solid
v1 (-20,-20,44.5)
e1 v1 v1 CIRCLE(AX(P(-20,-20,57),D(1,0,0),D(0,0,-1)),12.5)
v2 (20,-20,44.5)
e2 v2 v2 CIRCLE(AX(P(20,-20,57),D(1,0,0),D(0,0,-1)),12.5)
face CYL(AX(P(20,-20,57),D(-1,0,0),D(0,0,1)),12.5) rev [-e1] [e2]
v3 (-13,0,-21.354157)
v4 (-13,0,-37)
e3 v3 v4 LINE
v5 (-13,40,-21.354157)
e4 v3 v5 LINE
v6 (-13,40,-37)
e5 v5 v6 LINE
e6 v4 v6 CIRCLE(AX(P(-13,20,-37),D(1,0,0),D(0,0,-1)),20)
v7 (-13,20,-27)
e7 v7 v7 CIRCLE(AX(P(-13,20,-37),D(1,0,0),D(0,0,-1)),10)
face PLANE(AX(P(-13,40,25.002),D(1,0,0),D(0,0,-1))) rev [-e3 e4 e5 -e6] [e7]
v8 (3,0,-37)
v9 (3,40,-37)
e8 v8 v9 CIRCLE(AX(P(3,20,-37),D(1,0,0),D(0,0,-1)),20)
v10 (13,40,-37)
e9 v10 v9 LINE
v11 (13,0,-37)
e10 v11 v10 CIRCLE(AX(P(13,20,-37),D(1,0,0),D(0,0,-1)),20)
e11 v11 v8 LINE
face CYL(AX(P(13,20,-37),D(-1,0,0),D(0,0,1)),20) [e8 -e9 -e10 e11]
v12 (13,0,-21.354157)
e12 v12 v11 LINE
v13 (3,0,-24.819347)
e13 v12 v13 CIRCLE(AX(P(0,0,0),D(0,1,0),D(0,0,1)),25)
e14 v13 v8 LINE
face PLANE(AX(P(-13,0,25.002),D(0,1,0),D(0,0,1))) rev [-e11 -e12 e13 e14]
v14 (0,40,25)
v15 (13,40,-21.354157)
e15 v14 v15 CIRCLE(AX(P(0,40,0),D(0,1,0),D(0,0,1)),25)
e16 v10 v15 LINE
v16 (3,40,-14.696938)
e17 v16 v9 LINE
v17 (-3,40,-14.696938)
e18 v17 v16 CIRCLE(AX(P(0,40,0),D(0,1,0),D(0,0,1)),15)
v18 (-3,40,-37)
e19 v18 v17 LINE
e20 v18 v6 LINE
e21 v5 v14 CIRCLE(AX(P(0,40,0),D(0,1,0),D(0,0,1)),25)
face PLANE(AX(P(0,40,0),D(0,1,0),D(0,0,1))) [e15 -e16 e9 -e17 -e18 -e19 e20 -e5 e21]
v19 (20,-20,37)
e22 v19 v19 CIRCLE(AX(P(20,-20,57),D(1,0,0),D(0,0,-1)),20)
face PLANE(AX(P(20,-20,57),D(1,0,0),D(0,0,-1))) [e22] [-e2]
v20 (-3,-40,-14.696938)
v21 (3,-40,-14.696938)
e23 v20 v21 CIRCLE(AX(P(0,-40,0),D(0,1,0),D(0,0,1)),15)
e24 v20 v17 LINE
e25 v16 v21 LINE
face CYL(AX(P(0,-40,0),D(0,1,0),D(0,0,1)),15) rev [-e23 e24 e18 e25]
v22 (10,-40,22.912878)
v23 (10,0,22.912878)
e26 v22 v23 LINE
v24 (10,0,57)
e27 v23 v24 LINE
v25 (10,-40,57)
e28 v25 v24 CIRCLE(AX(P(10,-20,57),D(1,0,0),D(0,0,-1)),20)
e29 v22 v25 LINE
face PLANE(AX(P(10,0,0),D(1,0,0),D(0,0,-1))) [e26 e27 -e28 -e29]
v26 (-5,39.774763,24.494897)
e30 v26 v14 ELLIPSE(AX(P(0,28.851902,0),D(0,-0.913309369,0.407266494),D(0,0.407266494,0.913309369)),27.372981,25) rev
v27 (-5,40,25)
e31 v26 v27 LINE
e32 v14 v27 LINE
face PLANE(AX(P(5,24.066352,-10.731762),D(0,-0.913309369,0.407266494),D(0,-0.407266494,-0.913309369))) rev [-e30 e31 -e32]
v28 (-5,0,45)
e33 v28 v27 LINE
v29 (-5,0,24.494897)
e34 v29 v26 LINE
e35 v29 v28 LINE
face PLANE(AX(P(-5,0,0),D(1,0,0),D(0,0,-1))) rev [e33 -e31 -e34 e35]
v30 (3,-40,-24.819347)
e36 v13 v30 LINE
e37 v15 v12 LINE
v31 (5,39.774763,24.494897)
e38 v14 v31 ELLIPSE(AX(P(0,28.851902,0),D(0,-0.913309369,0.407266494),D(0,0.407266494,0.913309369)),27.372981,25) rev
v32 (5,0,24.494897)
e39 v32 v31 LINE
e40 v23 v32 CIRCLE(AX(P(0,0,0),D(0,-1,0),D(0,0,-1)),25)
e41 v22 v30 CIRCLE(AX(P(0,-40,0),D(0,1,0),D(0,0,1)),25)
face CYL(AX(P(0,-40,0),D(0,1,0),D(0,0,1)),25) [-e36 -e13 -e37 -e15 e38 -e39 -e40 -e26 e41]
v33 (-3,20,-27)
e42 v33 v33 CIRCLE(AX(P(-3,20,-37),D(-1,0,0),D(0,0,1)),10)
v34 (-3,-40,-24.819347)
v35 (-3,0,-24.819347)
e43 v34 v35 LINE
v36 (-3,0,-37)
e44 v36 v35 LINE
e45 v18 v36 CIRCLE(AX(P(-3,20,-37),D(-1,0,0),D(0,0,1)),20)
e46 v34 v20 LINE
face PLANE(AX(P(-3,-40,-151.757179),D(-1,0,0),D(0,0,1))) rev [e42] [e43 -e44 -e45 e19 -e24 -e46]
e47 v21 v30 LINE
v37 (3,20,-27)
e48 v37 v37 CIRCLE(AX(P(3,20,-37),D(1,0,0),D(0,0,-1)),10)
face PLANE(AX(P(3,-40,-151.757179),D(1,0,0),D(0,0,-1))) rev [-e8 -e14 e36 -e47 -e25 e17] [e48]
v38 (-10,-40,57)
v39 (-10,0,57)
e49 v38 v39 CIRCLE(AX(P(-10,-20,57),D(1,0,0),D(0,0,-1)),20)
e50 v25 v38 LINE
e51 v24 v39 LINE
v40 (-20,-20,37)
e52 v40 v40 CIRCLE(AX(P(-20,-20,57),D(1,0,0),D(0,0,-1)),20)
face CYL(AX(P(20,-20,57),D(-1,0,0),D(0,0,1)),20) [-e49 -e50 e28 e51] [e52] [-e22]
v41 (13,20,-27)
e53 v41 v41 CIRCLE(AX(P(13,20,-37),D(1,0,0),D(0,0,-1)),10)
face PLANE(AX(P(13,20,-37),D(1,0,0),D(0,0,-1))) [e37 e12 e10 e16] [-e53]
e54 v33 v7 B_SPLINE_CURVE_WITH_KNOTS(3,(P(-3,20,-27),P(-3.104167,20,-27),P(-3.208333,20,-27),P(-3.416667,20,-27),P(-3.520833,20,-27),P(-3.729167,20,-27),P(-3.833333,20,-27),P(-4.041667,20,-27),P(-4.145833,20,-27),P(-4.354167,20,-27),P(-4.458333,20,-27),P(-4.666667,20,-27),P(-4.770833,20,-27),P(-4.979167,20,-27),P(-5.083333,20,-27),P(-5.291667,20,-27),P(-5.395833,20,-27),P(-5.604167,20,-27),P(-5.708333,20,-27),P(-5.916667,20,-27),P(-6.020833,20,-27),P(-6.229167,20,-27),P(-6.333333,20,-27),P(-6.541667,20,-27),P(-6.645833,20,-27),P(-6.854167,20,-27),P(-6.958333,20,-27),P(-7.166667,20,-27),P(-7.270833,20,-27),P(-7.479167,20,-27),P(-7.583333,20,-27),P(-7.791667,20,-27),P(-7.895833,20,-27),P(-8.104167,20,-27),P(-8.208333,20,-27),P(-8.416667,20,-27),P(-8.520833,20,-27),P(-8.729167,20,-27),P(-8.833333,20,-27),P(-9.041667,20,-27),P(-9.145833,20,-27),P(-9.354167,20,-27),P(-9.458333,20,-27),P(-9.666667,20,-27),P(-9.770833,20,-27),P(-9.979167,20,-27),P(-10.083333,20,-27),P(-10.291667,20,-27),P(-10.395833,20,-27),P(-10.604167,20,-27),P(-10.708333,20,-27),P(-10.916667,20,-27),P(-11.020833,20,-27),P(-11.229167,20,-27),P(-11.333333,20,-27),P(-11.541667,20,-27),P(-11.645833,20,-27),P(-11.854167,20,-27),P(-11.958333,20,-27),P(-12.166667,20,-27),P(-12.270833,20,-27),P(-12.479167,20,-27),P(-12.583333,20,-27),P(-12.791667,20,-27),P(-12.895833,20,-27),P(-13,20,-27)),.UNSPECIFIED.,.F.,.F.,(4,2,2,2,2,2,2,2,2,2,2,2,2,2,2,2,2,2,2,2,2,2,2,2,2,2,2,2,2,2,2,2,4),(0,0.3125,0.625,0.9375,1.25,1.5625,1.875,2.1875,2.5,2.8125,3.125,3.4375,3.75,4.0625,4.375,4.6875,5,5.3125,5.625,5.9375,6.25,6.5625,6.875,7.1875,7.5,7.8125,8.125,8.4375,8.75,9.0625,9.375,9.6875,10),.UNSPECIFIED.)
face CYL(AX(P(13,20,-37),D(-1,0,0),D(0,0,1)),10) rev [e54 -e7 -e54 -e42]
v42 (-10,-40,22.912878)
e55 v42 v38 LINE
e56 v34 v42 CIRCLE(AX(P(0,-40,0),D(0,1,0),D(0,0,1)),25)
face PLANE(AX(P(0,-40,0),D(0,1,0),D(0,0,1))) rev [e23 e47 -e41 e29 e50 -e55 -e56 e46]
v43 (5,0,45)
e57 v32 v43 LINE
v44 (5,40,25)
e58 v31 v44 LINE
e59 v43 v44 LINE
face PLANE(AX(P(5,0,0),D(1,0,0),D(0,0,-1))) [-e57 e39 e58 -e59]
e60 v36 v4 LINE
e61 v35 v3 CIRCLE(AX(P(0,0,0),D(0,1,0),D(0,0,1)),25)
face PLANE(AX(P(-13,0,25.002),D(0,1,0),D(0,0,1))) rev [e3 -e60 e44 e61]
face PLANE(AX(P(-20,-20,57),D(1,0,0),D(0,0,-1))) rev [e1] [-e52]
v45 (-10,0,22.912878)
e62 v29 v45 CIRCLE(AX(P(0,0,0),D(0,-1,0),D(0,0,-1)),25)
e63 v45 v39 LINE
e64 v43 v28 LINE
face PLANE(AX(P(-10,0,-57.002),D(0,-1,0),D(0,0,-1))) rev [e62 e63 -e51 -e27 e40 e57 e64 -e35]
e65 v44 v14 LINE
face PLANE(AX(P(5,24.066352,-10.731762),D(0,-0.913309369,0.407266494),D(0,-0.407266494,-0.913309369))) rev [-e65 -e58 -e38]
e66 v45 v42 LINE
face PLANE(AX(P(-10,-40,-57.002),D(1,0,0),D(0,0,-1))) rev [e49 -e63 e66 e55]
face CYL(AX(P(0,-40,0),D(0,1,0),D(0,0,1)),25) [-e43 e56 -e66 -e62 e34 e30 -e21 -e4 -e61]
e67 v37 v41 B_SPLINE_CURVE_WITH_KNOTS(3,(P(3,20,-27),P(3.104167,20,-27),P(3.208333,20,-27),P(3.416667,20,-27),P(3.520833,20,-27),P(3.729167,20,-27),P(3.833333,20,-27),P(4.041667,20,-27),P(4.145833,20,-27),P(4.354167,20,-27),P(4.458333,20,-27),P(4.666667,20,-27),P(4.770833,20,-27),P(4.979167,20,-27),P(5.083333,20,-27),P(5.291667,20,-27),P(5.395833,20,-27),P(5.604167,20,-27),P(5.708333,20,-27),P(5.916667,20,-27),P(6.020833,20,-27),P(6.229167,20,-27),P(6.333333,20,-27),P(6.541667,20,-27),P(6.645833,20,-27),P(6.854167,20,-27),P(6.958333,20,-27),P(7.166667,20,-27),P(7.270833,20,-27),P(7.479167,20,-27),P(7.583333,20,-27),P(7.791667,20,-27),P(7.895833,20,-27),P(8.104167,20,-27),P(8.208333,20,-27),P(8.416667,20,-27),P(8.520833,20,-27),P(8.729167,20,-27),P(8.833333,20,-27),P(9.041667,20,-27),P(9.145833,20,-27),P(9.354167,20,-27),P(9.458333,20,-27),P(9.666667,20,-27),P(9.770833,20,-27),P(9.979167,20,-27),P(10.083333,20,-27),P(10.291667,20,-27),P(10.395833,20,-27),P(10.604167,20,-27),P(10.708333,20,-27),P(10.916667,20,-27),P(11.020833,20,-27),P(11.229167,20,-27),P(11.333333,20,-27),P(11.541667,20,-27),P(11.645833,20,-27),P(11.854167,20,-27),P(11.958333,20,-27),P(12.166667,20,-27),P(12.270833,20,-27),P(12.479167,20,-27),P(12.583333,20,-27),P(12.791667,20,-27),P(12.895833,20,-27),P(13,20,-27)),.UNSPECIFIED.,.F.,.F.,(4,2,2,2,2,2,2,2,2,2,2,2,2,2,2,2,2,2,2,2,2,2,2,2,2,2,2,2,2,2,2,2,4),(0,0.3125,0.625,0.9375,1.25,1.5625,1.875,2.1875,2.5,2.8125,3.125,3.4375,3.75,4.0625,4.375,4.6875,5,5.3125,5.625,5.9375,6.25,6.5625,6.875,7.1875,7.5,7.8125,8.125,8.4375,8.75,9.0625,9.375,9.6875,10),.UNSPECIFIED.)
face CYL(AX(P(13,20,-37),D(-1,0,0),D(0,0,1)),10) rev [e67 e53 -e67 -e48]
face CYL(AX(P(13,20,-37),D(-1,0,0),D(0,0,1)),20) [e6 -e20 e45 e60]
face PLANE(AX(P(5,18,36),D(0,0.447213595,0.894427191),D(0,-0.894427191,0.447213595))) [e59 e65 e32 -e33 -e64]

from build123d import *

# Parameters (mm, degrees)
BOSS_EXTRUDE1_DEPTH      = 40
BOSS_EXTRUDE1_DEPTH_BACK = 40
SKETCH1_R                = 25
SKETCH1_R_2              = 15
SKETCH2_R                = 10.000000000000002
BOSS_EXTRUDE2_DEPTH      = 13
SKETCH3_W                = 26.000000000000004
SKETCH3_H                = 40
BOSS_EXTRUDE3_DEPTH      = 3.645843
CUT_EXTRUDE1_DEPTH       = 102.36074190730847
BOSS_EXTRUDE4_DEPTH      = 10
SKETCH7_3_R              = 20
SKETCH7_3_R_2            = 12.500000000000002
BOSS_EXTRUDE5_DEPTH      = 20
SKETCH9_W                = 20
SKETCH9_H                = 40
BOSS_EXTRUDE6_DEPTH      = 2.087122
BOSS_EXTRUDE11_DEPTH     = 4.999999999999998


with BuildPart() as part:
    # Sketch1 → Boss-Extrude1 (new, two sides: drawn at the far end of the back side and taken through both)
    with BuildSketch(Plane(origin=(0, 0, 0), x_dir=(1, 0, 0), z_dir=(0, 1, 0)).offset(-BOSS_EXTRUDE1_DEPTH_BACK)):
        with Locations(Location((0, 0, 0), (0, 0, 270))):
            Circle(SKETCH1_R)
        with Locations(Location((0, 0, 0), (0, 0, 270))):
            Circle(SKETCH1_R_2, mode=Mode.SUBTRACT)
    extrude(amount=BOSS_EXTRUDE1_DEPTH + BOSS_EXTRUDE1_DEPTH_BACK)



with BuildPart() as body_2:
    # Sketch2 → Boss-Extrude2 (new, symmetric)
    with BuildSketch(Plane(origin=(0, 0, 0), x_dir=(0, 0, -1), z_dir=(1, 0, 0))):
        with BuildLine():
            Line((37, 40), (25, 40))
            Line((25, 40), (25, 0))
            Line((25, 0), (37, 0))
            ThreePointArc((37, 0), (57, 20), (37, 40))
        make_face()
        with Locations(Location((37, 20, 0), (0, 0, 180))):
            Circle(SKETCH2_R, mode=Mode.SUBTRACT)
    extrude(amount=BOSS_EXTRUDE2_DEPTH, both=True)


with BuildPart() as part_1:
    add(part.part)

    add(body_2.part)  # Boss-Extrude3 merges body 2
    # Sketch3 → Boss-Extrude3 (add)
    with BuildSketch(Plane.XY.offset(-25)):
        with Locations((0, 20)):
            Rectangle(SKETCH3_W, SKETCH3_H)
    extrude(amount=BOSS_EXTRUDE3_DEPTH)

    # Sketch4 → Cut-Extrude1 (cut, through all)
    with BuildSketch(Plane(origin=(0, 40, 0), x_dir=(1, 0, 0), z_dir=(0, 1, 0))):
        Polygon((-3.000000000000038, 151.757178913158), (2.9999999999999623, 151.75717891315796), (3.0000000000000093, -1.388e-14), (-2.999999999999991, -1.388e-14), align=None)
    extrude(amount=-CUT_EXTRUDE1_DEPTH, mode=Mode.SUBTRACT)



with BuildPart() as body_2_2:
    # Sketch7 → Boss-Extrude4 (new, symmetric)
    with BuildSketch(Plane(origin=(0, 0, 0), x_dir=(0, 0, -1), z_dir=(1, 0, 0))):
        with BuildLine():
            Line((-56.99999999999999, -40), (-25, -40))
            Line((-25, -40), (-25, 0))
            Line((-25, 0), (-56.99999999999999, 0))
            ThreePointArc((-56.99999999999999, 0), (-42.85786437626904, -5.857864376269051), (-36.99999999999999, -20))
            ThreePointArc((-36.99999999999999, -20.000000000000004), (-42.85786437626905, -34.14213562373095), (-57, -40))
        make_face()
    extrude(amount=BOSS_EXTRUDE4_DEPTH, both=True)

    # Sketch7<3> → Boss-Extrude5 (add, symmetric)
    with BuildSketch(Plane(origin=(0, 0, 0), x_dir=(0, 0, -1), z_dir=(1, 0, 0))):
        with Locations((-56.99999999999999, -20)):
            Circle(SKETCH7_3_R)
        with Locations((-56.99999999999999, -20)):
            Circle(SKETCH7_3_R_2, mode=Mode.SUBTRACT)
    extrude(amount=BOSS_EXTRUDE5_DEPTH, both=True)


with BuildPart() as part_2:
    add(part_1.part)

    add(body_2_2.part)  # Boss-Extrude6 merges body 2 2
    # Sketch9 → Boss-Extrude6 (add)
    with BuildSketch(Plane(origin=(0, 0, 25), x_dir=(-1, 0, 0), z_dir=(0, 0, -1))):
        with Locations((0, -20)):
            Rectangle(SKETCH9_W, SKETCH9_H)
    extrude(amount=BOSS_EXTRUDE6_DEPTH)

    # Sketch11 → Boss-Extrude11 (add, symmetric)
    with BuildSketch(Plane(origin=(0, 0, 0), x_dir=(0, 0, -1), z_dir=(1, 0, 0))):
        Polygon((-21.615437004072646, -2.0004940029139107), (-21.615437004072646, 38.49074239980155), (-25, 40), (-44.99999999999999, 0), (-44.99999999999999, -2.0004940029139107), align=None)
    extrude(amount=BOSS_EXTRUDE11_DEPTH, both=True)


solid = part_2.part
